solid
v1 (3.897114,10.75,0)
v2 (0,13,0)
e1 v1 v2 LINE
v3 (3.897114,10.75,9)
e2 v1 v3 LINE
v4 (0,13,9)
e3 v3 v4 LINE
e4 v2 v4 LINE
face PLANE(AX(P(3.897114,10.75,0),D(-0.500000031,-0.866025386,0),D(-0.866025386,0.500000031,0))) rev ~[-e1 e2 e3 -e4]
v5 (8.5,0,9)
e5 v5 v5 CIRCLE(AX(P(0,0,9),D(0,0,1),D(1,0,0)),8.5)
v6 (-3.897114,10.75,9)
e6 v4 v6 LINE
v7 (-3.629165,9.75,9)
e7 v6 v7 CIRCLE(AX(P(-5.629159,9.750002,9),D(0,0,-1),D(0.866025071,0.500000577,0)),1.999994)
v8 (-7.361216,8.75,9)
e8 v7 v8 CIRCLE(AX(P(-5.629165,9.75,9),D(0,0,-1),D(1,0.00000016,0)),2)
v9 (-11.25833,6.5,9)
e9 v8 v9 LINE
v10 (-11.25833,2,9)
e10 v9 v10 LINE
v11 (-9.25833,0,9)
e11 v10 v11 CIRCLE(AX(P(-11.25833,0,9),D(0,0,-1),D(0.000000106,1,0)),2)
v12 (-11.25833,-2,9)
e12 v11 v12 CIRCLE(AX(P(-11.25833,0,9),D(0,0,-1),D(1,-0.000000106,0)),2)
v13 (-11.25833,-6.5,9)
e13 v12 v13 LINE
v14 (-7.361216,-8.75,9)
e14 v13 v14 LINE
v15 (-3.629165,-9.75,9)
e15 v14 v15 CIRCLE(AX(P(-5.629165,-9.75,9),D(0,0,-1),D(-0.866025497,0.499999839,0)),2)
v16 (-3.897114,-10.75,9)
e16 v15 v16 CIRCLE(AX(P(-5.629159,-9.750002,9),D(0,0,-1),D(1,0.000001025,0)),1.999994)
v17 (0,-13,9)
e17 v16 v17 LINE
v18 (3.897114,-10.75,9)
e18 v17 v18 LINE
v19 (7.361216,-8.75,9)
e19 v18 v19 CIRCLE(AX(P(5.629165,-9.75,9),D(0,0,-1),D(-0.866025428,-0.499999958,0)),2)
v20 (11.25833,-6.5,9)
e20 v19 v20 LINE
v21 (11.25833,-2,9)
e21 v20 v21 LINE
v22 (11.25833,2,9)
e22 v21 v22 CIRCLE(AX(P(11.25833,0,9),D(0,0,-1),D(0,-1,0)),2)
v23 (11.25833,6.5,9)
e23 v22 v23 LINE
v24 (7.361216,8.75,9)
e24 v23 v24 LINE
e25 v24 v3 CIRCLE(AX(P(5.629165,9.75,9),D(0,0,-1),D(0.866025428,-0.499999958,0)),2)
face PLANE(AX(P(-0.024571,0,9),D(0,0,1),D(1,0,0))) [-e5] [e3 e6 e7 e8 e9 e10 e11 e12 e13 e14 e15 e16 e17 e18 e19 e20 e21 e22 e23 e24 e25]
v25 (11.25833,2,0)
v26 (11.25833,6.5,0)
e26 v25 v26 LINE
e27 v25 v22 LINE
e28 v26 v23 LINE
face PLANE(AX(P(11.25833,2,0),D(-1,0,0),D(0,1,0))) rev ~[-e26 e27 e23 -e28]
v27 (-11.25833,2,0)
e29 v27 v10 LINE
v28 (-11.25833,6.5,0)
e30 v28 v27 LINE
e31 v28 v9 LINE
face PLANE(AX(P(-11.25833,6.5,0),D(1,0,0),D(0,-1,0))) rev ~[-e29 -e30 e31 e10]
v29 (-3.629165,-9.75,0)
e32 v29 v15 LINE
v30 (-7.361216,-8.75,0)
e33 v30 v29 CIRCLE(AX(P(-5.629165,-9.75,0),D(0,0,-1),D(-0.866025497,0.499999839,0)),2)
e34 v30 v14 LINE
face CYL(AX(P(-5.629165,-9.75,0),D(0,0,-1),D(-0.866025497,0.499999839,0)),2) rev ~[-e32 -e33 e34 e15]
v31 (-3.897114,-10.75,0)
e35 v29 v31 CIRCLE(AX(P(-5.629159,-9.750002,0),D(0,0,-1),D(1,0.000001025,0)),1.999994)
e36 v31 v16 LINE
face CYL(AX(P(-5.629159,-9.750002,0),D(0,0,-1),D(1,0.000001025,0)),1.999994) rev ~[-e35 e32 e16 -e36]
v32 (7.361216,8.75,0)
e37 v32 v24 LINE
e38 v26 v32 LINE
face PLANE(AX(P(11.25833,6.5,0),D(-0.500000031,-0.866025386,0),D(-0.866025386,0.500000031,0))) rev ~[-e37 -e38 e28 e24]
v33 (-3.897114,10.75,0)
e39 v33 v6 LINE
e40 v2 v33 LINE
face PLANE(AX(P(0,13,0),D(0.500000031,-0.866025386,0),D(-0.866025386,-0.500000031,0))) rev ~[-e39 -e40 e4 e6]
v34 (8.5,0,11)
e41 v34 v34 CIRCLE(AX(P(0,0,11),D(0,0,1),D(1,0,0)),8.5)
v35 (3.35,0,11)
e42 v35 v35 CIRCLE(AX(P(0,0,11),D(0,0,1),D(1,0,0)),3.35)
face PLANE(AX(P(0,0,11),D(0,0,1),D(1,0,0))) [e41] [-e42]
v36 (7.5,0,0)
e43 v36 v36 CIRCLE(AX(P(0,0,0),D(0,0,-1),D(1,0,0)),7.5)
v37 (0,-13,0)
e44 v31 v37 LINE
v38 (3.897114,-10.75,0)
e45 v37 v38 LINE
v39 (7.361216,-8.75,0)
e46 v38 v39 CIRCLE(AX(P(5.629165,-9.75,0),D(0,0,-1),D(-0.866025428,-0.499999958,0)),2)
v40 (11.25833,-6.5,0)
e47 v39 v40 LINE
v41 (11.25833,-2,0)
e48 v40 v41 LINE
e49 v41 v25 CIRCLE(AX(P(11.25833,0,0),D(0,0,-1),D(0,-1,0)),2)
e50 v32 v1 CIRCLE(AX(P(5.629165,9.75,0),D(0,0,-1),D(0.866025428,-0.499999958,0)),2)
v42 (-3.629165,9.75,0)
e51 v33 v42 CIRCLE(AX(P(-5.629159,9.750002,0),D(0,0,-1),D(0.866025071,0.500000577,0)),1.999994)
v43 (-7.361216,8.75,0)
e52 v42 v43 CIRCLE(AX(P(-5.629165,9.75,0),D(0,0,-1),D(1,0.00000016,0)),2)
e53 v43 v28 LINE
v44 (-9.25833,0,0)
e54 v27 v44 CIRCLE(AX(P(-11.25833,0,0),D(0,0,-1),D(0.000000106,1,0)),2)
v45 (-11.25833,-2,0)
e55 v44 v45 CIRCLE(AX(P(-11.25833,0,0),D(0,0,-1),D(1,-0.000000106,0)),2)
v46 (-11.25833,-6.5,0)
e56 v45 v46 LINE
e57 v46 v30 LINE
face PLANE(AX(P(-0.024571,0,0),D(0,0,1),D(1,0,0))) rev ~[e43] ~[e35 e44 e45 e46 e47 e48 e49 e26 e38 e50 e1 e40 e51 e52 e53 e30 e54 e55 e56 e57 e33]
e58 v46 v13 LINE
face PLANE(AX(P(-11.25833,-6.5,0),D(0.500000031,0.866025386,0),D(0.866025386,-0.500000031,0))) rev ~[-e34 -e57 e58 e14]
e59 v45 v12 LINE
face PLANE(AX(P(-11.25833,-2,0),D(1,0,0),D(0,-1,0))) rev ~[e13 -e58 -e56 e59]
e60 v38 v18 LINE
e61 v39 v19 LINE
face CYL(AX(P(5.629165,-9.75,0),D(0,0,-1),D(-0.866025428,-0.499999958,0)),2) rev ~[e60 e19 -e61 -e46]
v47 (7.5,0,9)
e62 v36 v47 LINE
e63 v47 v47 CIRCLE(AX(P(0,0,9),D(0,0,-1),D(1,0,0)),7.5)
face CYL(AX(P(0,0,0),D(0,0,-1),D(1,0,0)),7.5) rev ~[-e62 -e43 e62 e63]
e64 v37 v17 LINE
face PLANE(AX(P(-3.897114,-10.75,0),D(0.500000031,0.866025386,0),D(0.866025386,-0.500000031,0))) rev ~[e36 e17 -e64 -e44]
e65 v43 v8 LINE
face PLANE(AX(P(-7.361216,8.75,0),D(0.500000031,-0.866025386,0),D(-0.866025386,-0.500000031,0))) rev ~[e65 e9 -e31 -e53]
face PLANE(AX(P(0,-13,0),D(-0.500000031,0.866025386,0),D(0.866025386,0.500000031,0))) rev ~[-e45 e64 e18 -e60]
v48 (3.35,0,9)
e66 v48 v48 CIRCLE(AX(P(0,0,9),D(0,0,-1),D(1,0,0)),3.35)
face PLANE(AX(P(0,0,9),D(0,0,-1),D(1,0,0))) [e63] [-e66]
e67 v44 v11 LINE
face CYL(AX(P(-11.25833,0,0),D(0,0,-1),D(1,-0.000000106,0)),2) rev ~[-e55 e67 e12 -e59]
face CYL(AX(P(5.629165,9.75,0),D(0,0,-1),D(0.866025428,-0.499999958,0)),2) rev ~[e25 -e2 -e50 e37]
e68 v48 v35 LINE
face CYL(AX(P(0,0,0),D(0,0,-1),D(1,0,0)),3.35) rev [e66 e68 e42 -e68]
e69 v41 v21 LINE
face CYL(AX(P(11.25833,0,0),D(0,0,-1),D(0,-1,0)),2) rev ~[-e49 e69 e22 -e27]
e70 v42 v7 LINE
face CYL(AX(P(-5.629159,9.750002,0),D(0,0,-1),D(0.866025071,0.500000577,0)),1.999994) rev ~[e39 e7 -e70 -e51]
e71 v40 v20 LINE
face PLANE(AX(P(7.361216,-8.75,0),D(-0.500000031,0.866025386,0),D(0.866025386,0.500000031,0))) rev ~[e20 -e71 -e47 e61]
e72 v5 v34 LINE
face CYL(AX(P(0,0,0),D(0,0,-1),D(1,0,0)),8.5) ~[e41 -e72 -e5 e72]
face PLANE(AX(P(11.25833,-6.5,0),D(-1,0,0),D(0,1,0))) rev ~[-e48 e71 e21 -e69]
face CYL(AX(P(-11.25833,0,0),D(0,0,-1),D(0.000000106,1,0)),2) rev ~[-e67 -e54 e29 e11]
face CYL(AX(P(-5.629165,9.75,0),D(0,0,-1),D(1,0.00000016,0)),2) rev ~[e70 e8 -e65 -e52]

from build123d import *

# Parameters (mm, degrees)
F0_R     = 8.5
F1_DEPTH = 9
F0_R_2   = 3.35
F2_DEPTH = 11
F3_R     = 7.5
F3_R_2   = 3.35
F4_DEPTH = 9


with BuildPart() as f1:
    # F0 (on Top) → F1 (new body)
    with BuildSketch(Plane.XY):
        with BuildLine():
            Line((-11.25833, -2), (-11.25833, -6.5))
            Line((-11.25833, -6.5), (-7.361216, -8.75))
            ThreePointArc((-7.361216, -8.75), (-5.111527, -7.818148), (-3.629165, -9.75))
            ThreePointArc((-3.629165, -9.75), (-3.697313, -10.267638), (-3.897114, -10.75))
            Line((-3.897114, -10.75), (0, -13))
            Line((0, -13), (3.897114, -10.75))
            ThreePointArc((3.897114, -10.75), (4.629165, -8.017949), (7.361216, -8.75))
            Line((7.361216, -8.75), (11.25833, -6.5))
            Line((11.25833, -6.5), (11.25833, -2))
            ThreePointArc((11.25833, -2), (9.25833, 0), (11.25833, 2))
            Line((11.25833, 2), (11.25833, 6.5))
            Line((11.25833, 6.5), (7.361216, 8.75))
            ThreePointArc((7.361216, 8.75), (4.629165, 8.017949), (3.897114, 10.75))
            Line((3.897114, 10.75), (0, 13))
            Line((0, 13), (-3.897114, 10.75))
            ThreePointArc((-3.897114, 10.75), (-3.697313, 10.267638), (-3.629165, 9.75))
            ThreePointArc((-3.629165, 9.75), (-5.111527, 7.818148), (-7.361216, 8.75))
            Line((-7.361216, 8.75), (-11.25833, 6.5))
            Line((-11.25833, 6.5), (-11.25833, 2))
            ThreePointArc((-11.25833, 2), (-9.844117, 1.414214), (-9.25833, 0))
            ThreePointArc((-9.25833, 0), (-9.844117, -1.414214), (-11.25833, -2))
        make_face()
        Circle(F0_R, mode=Mode.SUBTRACT)
    extrude(amount=F1_DEPTH)

    # F0 (on Top) → F2 (join)
    with BuildSketch(Plane.XY):
        Circle(F0_R)
        Circle(F0_R_2, mode=Mode.SUBTRACT)
    extrude(amount=F2_DEPTH)

    # F3 (on face) → F4 (cut)
    with BuildSketch(Plane(origin=(0, 0, 0), x_dir=(1, 0, 0), z_dir=(0, 0, -1))):
        Circle(F3_R)
        Circle(F3_R_2, mode=Mode.SUBTRACT)
    extrude(amount=-F4_DEPTH, mode=Mode.SUBTRACT)


solid = f1.part
